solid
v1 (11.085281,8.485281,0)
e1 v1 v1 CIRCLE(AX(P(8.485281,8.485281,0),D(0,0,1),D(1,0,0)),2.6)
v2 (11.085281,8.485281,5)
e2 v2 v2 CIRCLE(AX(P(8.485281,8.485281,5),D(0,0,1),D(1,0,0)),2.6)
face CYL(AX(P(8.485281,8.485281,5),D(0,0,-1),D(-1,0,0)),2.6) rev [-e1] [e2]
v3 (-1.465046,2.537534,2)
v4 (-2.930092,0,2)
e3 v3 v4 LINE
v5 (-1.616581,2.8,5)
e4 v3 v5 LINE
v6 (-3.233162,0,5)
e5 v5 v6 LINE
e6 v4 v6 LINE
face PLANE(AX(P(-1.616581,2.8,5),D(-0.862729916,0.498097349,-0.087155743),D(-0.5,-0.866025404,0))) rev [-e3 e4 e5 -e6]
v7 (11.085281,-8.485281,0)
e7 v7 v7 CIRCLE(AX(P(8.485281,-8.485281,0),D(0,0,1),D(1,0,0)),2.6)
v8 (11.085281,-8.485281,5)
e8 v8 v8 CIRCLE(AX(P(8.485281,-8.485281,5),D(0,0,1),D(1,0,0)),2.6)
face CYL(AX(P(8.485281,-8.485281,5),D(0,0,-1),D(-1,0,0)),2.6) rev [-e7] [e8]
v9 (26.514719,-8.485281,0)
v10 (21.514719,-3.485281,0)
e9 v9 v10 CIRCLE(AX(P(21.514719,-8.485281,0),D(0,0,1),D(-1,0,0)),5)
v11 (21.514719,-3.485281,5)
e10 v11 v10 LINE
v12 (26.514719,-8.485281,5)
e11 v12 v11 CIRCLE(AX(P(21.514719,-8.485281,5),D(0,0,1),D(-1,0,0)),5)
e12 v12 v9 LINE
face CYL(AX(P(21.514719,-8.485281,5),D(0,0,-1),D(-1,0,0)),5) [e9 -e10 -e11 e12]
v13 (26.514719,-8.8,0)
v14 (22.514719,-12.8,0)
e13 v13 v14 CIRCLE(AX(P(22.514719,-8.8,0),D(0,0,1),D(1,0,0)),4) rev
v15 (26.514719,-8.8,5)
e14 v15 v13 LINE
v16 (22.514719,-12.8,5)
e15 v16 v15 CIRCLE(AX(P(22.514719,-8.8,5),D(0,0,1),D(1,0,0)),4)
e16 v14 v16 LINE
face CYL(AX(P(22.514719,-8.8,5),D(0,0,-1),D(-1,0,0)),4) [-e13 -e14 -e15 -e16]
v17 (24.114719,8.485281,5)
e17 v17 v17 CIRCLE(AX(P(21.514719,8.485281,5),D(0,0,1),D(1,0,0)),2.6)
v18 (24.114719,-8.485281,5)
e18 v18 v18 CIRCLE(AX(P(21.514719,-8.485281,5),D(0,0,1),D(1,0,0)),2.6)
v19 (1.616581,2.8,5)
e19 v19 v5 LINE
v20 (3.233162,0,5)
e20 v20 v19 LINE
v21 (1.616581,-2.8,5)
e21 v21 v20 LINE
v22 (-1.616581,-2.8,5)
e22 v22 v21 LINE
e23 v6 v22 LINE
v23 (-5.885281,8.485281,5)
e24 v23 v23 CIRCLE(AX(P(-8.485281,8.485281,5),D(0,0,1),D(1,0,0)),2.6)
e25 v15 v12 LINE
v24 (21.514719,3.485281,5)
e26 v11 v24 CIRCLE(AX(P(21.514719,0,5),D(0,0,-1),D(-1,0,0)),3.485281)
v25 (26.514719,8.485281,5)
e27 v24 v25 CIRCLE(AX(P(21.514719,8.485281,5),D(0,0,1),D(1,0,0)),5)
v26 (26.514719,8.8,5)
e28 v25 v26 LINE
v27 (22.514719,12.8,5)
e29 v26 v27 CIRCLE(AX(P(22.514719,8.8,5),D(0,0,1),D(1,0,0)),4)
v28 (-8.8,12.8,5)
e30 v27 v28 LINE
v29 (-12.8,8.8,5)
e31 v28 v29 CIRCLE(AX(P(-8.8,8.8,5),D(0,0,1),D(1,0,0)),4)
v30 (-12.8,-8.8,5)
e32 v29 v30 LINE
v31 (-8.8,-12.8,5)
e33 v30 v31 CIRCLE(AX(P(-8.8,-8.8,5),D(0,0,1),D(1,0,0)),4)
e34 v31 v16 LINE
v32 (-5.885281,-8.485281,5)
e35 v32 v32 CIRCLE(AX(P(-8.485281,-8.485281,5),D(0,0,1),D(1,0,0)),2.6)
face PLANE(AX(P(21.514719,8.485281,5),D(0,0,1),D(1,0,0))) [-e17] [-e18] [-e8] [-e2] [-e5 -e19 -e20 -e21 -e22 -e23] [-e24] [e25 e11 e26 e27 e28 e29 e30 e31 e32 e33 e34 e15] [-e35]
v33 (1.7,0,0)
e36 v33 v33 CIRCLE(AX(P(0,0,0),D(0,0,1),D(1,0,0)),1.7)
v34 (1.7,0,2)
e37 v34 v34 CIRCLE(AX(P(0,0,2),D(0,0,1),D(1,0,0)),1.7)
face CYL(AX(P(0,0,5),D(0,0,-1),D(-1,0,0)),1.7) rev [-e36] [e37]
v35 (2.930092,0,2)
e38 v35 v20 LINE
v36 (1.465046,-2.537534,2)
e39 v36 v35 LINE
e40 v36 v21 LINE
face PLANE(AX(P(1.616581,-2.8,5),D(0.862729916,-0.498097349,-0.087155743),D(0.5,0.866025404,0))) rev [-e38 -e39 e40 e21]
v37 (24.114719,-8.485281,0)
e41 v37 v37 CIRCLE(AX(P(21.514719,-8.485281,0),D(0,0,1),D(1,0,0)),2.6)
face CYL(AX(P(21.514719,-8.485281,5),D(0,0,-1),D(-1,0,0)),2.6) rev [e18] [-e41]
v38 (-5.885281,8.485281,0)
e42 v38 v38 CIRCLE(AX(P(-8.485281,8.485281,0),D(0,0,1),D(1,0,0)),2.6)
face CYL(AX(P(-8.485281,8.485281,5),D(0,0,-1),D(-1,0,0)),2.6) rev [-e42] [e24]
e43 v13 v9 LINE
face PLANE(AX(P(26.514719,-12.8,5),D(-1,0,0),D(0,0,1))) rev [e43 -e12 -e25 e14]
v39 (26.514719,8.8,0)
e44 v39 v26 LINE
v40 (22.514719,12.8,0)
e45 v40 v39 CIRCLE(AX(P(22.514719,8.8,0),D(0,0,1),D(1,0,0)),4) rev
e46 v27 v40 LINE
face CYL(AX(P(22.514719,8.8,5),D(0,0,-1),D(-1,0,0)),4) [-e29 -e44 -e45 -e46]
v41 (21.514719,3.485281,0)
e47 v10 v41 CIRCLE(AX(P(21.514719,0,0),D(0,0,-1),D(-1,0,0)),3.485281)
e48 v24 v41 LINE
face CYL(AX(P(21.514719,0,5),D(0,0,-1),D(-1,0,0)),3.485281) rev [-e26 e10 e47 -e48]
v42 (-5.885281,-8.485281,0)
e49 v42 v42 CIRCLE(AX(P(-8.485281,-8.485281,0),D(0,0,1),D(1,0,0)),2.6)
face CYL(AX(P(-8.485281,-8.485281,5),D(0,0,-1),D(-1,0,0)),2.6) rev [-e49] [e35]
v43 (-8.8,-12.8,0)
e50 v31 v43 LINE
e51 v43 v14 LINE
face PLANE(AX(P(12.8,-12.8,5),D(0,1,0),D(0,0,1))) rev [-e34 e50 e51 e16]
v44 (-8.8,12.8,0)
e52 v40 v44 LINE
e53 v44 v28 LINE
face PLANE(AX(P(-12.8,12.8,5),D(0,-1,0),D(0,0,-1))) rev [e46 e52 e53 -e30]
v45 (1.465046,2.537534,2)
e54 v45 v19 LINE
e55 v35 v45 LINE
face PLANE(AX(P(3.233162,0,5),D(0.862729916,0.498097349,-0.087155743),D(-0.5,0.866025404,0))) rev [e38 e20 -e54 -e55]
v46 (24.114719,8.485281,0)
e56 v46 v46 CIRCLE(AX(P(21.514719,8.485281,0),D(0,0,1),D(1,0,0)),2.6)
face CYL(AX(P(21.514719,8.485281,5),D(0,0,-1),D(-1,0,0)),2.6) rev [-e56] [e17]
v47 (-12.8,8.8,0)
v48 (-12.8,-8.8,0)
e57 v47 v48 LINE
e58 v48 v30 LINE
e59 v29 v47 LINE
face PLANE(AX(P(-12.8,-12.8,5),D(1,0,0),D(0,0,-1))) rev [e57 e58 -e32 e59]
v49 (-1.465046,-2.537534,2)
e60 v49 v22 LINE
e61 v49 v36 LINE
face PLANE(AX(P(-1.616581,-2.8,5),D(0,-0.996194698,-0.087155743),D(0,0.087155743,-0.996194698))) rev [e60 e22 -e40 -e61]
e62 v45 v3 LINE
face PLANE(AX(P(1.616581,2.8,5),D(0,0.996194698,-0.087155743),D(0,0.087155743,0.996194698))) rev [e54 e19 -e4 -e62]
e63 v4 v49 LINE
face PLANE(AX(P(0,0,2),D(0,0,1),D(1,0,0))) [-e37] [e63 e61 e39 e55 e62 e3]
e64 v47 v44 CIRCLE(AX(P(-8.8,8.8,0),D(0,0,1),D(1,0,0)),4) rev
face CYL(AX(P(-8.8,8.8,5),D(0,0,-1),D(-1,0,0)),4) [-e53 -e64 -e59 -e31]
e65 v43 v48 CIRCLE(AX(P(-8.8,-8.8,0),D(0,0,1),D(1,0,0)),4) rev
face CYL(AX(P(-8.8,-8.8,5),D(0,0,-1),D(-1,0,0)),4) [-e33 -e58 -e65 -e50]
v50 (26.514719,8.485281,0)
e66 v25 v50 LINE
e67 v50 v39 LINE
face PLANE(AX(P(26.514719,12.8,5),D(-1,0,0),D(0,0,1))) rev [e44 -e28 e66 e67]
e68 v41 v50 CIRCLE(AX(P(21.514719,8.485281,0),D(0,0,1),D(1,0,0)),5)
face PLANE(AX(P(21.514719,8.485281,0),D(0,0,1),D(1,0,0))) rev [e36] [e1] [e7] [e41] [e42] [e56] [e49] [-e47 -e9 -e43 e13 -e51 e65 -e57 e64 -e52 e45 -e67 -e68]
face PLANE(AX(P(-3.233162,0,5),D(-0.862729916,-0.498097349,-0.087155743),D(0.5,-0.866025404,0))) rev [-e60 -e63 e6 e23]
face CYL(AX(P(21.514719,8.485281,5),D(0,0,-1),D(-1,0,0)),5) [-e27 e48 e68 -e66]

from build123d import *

# Parameters (mm, degrees)
ESQUISSE1_R             = 1.7
ESQUISSE1_R_2           = 2.6
BOSS_EXTRU_1_DEPTH      = 5
ENL_V_MAT_EXTRU_1_DEPTH = 3
ENL_V_MAT_EXTRU_1_TAPER = 5
CONG_1_R                = 4


with BuildPart() as part:
    # Esquisse1 → Boss.-Extru.1 (new body)
    with BuildSketch(Plane.XY):
        with BuildLine():
            Line((-12.8, -12.8), (12.8, -12.8))
            Line((12.8, -12.8), (26.514718626, -12.8))
            Line((26.514718626, -12.8), (26.514718626, -8.485281374))
            ThreePointArc((26.514718626, -8.485281374), (25.050252532, -4.949747468), (21.514718626, -3.485281374))
            ThreePointArc((21.514718626, -3.485281374), (18.029437252, 0), (21.514718626, 3.485281374))
            ThreePointArc((21.514718626, 3.485281374), (25.050252532, 4.949747468), (26.514718626, 8.485281374))
            Line((26.514718626, 8.485281374), (26.514718626, 12.8))
            Line((26.514718626, 12.8), (12.8, 12.8))
            Line((12.8, 12.8), (-12.8, 12.8))
            Line((-12.8, 12.8), (-12.8, -12.8))
        make_face()
        Circle(ESQUISSE1_R, mode=Mode.SUBTRACT)
        with Locations((-8.485281374, 8.485281374)):
            Circle(ESQUISSE1_R_2, mode=Mode.SUBTRACT)
        with Locations((8.485281374, 8.485281374)):
            Circle(ESQUISSE1_R_2, mode=Mode.SUBTRACT)
        with Locations((8.485281374, -8.485281374)):
            Circle(ESQUISSE1_R_2, mode=Mode.SUBTRACT)
        with Locations((-8.485281374, -8.485281374)):
            Circle(ESQUISSE1_R_2, mode=Mode.SUBTRACT)
        with Locations((21.514718626, -8.485281374)):
            Circle(ESQUISSE1_R_2, mode=Mode.SUBTRACT)
        with Locations((21.514718626, 8.485281374)):
            Circle(ESQUISSE1_R_2, mode=Mode.SUBTRACT)
    extrude(amount=BOSS_EXTRU_1_DEPTH)

    # Esquisse2 → Enlèv. mat.-Extru.1 (cut)
    with BuildSketch(Plane.XY.offset(5)):
        Polygon((3.233161507, 0), (1.616580754, 2.8), (-1.616580754, 2.8), (-3.233161507, 0), (-1.616580754, -2.8), (1.616580754, -2.8), align=None)
    extrude(amount=-ENL_V_MAT_EXTRU_1_DEPTH, taper=ENL_V_MAT_EXTRU_1_TAPER, mode=Mode.SUBTRACT)

    # Congé1
    cong_1_edges = [part.edges().sort_by_distance(p)[0] for p in [
        (26.514718626, 12.8, 2.5),
        (26.514718626, -12.8, 2.5),
        (-12.8, -12.8, 2.5),
        (-12.8, 12.8, 2.5),
    ]]
    fillet(cong_1_edges, radius=CONG_1_R)


solid = part.part
